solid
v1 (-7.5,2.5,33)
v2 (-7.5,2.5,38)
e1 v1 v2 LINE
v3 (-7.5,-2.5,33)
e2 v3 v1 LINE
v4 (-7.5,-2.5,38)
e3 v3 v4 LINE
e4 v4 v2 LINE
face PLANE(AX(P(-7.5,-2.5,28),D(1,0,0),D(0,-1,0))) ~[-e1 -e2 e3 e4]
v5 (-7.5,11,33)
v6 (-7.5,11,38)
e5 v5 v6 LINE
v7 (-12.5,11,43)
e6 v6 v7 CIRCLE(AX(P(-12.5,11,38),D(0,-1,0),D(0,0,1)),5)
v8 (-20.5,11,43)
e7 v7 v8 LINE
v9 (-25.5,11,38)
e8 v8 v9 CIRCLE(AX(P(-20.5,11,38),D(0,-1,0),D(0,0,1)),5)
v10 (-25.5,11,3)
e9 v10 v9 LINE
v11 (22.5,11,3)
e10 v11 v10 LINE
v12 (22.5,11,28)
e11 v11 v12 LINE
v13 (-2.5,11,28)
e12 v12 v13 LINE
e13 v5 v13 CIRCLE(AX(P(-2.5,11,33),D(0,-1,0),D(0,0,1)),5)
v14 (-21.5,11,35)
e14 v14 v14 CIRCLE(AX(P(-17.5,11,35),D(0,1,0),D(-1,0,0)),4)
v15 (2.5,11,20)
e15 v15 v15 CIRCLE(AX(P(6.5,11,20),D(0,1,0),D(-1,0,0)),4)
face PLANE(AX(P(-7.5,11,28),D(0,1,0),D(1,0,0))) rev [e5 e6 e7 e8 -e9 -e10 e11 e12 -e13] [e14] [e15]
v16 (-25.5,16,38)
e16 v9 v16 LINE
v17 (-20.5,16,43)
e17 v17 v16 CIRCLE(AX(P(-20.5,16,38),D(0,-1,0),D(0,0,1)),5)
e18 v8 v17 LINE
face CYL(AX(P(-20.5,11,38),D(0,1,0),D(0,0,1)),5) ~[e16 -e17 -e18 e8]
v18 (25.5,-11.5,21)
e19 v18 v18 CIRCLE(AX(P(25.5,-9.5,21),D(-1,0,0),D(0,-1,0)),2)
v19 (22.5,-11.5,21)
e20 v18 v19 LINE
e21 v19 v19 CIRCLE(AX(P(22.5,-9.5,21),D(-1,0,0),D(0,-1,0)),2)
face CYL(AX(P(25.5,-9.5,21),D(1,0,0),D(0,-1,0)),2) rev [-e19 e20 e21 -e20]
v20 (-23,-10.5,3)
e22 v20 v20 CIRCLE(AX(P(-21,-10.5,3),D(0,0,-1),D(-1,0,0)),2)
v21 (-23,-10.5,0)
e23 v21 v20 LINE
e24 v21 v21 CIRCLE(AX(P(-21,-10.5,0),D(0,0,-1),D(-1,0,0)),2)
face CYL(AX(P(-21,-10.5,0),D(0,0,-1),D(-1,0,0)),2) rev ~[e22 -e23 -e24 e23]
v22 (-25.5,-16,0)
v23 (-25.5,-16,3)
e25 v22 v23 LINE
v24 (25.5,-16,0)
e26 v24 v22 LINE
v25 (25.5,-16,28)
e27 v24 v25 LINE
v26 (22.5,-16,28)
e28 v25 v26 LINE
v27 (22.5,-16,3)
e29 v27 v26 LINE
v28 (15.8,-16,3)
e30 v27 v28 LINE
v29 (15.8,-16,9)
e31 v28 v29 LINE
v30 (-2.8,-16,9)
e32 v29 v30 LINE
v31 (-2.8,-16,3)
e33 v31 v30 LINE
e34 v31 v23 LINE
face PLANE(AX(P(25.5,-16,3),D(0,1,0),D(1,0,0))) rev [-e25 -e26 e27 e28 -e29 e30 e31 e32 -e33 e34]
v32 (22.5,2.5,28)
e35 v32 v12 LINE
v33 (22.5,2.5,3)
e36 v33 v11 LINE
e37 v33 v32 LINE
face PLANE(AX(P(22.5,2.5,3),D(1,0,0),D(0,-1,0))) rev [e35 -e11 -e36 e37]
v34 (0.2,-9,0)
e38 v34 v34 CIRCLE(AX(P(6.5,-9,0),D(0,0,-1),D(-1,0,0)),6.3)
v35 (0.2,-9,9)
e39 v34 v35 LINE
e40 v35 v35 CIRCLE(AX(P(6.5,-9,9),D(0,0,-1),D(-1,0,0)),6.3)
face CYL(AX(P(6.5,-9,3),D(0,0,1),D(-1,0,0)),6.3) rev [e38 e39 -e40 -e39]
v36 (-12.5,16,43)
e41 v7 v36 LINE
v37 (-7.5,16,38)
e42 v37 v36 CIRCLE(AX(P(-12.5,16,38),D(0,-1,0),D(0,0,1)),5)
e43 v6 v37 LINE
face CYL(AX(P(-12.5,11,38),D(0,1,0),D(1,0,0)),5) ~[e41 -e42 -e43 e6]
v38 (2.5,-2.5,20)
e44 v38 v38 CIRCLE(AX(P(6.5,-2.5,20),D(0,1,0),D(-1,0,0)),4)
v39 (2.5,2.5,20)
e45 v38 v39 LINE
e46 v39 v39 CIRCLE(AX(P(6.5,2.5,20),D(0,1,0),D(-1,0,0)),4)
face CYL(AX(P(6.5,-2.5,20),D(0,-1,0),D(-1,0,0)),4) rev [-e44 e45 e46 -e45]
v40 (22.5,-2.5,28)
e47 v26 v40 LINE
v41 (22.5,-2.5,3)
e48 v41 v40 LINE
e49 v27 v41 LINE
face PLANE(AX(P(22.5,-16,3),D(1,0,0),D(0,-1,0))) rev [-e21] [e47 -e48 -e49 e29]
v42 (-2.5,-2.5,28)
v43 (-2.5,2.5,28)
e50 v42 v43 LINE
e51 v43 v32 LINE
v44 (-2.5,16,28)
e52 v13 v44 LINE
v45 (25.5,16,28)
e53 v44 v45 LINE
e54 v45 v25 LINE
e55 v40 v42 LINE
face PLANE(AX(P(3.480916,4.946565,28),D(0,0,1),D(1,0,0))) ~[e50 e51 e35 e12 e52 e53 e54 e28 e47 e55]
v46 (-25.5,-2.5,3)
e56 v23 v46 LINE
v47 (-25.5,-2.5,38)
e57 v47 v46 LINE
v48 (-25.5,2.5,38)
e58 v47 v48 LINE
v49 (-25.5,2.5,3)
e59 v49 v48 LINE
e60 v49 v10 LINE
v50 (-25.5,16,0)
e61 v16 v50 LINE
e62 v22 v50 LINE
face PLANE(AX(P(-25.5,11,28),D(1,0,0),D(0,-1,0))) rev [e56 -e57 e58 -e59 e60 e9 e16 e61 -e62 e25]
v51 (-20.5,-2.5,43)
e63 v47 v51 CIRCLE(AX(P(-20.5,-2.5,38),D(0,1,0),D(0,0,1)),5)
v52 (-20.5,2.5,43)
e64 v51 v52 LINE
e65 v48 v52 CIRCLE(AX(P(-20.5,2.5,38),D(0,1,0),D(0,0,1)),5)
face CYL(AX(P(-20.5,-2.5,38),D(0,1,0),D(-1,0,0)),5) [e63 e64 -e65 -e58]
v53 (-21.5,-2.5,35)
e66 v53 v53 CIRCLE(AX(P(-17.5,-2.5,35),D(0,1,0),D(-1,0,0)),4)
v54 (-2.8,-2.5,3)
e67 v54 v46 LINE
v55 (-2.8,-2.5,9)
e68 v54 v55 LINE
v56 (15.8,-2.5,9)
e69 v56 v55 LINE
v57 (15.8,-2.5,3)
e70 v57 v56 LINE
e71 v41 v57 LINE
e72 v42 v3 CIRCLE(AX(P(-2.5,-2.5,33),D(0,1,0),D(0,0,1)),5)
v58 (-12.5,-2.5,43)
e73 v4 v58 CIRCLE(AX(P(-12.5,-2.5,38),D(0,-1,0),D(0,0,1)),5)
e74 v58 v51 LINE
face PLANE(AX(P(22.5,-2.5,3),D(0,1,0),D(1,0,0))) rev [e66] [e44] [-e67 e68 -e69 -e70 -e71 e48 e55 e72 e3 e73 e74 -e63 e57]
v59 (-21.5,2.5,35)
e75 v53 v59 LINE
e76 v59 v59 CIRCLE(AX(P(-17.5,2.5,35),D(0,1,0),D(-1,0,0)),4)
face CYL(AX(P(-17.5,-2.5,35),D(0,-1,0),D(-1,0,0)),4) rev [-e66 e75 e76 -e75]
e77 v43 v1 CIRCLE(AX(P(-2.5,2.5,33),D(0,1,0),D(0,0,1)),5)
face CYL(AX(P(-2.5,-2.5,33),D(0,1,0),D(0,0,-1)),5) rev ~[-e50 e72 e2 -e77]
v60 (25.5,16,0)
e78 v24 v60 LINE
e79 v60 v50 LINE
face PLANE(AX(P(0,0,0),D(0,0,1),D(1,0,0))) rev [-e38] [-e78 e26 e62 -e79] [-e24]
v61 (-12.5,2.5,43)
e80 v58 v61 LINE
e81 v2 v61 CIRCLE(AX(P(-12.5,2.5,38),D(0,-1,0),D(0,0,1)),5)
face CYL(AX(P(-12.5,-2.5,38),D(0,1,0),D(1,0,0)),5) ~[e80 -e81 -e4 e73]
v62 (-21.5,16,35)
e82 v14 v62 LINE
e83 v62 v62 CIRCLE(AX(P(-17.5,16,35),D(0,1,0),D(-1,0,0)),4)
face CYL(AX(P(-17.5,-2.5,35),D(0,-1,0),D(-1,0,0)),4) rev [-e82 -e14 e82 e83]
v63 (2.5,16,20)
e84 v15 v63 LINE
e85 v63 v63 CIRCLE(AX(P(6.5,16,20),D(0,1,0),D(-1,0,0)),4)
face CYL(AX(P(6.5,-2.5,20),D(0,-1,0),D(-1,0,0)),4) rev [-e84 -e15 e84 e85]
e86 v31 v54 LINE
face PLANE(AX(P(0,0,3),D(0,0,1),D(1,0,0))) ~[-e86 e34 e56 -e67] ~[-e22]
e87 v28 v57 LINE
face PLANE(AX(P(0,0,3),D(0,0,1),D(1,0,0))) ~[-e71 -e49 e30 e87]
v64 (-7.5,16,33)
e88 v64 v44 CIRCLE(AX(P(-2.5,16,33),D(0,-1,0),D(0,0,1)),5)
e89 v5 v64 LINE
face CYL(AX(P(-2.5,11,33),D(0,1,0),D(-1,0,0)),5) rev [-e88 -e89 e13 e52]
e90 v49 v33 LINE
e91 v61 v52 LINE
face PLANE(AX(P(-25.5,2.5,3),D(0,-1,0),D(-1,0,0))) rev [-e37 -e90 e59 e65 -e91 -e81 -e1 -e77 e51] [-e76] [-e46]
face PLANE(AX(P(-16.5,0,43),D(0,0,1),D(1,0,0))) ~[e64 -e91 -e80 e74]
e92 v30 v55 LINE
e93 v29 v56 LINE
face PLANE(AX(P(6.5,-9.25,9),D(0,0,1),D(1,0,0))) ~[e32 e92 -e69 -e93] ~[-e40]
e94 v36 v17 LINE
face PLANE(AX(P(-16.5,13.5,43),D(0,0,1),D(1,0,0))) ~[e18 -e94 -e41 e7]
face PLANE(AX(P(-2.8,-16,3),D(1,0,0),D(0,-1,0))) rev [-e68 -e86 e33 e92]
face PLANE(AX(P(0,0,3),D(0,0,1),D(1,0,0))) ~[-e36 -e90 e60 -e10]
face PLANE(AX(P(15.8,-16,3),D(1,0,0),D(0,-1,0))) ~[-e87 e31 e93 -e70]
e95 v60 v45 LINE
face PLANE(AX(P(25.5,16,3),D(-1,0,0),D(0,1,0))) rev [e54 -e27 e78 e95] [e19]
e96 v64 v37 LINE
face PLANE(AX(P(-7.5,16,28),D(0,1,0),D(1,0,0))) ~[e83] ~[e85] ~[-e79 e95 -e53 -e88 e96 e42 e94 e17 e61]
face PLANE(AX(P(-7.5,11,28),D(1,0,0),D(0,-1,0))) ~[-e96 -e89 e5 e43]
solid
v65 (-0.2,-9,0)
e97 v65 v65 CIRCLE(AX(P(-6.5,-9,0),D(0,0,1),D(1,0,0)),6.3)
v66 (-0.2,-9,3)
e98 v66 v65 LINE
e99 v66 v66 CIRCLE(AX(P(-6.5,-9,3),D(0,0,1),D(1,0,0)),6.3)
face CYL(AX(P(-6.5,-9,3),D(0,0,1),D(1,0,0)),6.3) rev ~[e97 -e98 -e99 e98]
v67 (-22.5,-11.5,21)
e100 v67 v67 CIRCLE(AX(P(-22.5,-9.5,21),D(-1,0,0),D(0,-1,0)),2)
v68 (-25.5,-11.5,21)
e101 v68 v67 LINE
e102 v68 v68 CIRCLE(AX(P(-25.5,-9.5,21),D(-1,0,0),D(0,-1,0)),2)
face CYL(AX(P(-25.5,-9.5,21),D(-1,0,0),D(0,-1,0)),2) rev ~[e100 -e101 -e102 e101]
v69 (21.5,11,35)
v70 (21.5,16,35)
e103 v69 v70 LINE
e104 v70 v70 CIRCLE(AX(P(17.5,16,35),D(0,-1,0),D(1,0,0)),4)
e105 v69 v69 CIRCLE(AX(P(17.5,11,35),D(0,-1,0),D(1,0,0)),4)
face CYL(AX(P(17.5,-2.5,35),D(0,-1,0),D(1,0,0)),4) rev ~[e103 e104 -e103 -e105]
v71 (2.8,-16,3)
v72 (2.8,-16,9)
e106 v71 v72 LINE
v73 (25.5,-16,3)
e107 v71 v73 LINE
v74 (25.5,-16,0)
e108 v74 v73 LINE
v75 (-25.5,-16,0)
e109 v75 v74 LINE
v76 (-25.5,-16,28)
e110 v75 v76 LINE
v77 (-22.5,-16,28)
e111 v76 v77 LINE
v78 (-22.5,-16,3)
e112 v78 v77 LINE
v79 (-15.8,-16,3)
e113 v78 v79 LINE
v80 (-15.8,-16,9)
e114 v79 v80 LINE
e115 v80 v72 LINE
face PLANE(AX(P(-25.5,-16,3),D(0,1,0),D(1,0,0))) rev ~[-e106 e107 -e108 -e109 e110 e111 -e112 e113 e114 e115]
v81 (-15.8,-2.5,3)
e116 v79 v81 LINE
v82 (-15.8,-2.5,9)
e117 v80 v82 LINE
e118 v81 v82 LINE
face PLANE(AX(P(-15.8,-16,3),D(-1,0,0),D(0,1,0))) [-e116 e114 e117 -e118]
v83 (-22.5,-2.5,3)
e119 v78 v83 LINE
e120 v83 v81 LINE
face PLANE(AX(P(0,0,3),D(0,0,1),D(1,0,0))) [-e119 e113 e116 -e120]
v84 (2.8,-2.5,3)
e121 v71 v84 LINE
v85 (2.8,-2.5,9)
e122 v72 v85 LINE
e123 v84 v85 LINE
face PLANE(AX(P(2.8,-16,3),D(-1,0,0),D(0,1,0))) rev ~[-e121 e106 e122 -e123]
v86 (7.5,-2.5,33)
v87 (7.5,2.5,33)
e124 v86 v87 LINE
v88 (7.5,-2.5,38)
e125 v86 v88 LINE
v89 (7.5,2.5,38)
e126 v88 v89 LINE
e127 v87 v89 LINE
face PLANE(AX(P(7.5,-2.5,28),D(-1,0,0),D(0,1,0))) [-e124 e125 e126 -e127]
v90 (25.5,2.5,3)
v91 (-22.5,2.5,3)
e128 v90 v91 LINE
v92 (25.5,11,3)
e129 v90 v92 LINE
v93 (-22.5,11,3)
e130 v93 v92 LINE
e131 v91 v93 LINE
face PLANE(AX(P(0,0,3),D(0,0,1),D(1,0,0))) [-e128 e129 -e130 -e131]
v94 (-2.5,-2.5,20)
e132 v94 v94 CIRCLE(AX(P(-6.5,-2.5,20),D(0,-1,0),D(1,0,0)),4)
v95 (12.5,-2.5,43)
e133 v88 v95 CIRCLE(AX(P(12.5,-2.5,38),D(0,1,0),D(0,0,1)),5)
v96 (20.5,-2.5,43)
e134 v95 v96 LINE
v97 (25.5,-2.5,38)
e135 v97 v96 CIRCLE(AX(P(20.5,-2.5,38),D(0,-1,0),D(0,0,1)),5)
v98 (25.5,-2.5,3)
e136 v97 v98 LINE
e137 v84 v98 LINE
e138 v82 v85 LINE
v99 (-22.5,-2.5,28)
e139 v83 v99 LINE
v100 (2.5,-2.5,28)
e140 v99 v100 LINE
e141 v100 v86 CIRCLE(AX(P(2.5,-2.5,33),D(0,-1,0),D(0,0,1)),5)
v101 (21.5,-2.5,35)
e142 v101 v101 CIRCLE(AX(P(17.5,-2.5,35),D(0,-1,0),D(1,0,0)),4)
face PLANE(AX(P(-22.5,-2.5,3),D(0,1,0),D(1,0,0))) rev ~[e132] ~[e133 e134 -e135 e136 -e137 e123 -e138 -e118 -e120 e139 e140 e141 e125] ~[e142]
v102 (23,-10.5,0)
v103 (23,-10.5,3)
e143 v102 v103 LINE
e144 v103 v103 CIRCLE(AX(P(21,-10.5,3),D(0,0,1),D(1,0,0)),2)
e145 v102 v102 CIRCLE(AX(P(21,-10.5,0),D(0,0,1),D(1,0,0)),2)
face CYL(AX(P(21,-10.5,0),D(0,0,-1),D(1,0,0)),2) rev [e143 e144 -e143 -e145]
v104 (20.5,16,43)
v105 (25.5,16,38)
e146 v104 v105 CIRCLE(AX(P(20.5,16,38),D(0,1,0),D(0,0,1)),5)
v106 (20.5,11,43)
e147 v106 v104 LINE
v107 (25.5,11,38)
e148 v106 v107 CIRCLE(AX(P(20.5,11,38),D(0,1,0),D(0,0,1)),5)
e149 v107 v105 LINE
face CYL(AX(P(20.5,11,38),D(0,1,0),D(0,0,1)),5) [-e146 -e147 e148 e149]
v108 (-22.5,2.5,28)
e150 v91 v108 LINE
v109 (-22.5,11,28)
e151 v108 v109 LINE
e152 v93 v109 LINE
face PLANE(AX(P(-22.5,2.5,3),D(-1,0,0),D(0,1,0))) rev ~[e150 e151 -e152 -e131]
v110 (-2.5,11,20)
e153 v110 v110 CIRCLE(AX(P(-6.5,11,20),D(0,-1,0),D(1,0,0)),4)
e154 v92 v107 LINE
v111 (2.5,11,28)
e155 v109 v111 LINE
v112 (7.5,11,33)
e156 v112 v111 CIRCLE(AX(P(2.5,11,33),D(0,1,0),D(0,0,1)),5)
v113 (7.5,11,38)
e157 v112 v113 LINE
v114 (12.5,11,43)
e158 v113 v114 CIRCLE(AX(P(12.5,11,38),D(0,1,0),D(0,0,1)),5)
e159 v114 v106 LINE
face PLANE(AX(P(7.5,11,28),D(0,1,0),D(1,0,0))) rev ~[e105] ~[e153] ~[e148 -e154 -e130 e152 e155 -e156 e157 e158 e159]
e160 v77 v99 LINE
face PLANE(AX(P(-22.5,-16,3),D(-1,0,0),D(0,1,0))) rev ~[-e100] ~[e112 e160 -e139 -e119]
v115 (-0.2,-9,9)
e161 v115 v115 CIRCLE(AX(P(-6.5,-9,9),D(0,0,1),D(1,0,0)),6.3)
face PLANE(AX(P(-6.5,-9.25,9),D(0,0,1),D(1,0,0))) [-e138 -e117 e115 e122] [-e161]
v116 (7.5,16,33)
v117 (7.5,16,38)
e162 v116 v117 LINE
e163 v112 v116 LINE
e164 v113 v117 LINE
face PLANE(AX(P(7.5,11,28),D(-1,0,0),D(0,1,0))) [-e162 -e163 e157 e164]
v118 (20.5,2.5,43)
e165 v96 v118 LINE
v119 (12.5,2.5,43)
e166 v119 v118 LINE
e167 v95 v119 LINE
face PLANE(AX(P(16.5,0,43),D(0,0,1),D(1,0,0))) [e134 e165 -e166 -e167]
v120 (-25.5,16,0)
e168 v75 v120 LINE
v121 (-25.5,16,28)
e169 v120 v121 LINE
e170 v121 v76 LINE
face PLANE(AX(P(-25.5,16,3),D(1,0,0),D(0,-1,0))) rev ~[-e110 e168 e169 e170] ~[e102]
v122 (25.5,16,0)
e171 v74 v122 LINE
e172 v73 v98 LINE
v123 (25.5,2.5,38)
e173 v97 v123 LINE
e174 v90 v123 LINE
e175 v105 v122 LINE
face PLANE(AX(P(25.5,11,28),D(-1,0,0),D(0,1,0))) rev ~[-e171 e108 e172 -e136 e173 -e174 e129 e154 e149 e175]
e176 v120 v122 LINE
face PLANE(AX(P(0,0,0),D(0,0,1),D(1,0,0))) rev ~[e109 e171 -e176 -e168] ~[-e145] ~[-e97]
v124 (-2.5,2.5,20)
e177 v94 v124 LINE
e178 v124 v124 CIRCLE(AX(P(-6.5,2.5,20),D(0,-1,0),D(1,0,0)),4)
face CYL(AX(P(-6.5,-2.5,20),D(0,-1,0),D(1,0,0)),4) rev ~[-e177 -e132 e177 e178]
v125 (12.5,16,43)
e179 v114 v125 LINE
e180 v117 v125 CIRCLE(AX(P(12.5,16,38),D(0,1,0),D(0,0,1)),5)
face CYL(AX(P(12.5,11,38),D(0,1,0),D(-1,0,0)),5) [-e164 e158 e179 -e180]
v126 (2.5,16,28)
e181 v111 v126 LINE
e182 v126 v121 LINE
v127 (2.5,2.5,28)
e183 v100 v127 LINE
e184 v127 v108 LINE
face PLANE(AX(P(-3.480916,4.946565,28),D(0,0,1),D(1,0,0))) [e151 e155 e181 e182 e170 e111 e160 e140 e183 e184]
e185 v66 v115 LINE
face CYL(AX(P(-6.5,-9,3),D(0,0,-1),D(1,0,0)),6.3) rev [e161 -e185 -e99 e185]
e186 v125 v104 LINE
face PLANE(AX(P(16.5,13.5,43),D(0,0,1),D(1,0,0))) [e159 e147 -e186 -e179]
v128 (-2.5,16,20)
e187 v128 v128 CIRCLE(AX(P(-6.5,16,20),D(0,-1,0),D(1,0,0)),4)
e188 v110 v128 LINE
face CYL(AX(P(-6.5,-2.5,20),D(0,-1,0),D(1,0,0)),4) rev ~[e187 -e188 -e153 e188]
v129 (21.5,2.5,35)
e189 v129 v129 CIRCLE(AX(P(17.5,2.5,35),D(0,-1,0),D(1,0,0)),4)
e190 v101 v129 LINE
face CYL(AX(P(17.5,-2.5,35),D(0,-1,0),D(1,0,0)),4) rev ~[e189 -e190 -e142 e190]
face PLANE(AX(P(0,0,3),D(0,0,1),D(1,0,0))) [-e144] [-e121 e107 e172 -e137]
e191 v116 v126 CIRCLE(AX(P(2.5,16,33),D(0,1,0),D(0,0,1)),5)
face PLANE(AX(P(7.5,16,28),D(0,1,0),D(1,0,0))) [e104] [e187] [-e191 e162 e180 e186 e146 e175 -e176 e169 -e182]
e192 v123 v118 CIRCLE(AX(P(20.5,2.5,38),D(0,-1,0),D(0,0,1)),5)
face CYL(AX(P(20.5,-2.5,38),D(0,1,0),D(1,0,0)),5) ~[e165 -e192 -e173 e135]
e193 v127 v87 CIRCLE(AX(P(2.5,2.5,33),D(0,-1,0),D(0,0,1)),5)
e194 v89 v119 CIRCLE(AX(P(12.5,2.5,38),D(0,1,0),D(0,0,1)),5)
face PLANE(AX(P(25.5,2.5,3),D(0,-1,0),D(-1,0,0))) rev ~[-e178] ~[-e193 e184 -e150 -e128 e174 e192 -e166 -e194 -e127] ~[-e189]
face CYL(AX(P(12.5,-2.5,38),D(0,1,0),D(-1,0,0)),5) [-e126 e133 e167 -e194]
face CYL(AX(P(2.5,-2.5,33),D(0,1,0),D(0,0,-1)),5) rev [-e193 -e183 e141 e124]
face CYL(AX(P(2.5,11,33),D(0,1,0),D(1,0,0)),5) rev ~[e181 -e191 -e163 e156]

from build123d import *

# Parameters (mm, degrees)
F0_W      = 51
F0_H      = 32
F0_R      = 2
F1_DEPTH  = 3
F3_DEPTH  = 25
F2_W      = 18.6
F2_H      = 13.5
F2_R      = 6.3
F4_DEPTH  = 6
F5_DEPTH  = 3
F6_W      = 18
F6_H      = 5
F7_DEPTH  = 15
F8_R      = 4
F9_DEPTH  = 18.501
F10_DEPTH = 18.501
F11_R     = 5
F12_R     = 2
F13_DEPTH = 3


with BuildPart() as f1:
    # F0 (on Top) → F1 (new body)
    with BuildSketch(Plane.XY):
        Rectangle(F0_W, F0_H)
        with Locations((21, -10.5)):
            Circle(F0_R, mode=Mode.SUBTRACT)
    extrude(amount=F1_DEPTH)

    # F2 (on face) → F3 (join)
    with BuildSketch(Plane.XY.offset(3)):
        Polygon((-22.5, 2.5), (-22.5, 11), (25.5, 11), (25.5, 16), (-25.5, 16), (-25.5, -16), (-22.5, -16), (-22.5, -2.5), (-15.8, -2.5), (2.8, -2.5), (25.5, -2.5), (25.5, 2.5), align=None)
    extrude(amount=F3_DEPTH)

    # F2 (on face) → F4 (join)
    with BuildSketch(Plane.XY.offset(3)):
        with Locations((-6.5, -9.25)):
            Rectangle(F2_W, F2_H)
        with Locations((-6.5, -9)):
            Circle(F2_R, mode=Mode.SUBTRACT)
    extrude(amount=F4_DEPTH)

    # F5 (cut, through all): a face of the model
    f5_faces = [f1.faces().sort_by_distance(p)[0] for p in [
        (-6.5, -9, 3),
    ]]
    extrude(f5_faces, amount=-F5_DEPTH, mode=Mode.SUBTRACT)

    # F6 (on face) → F7 (join)
    with BuildSketch(Plane.XY.offset(28)):
        with Locations((16.5, 13.5)):
            Rectangle(F6_W, F6_H)
        with Locations((16.5, 0)):
            Rectangle(F6_W, F6_H)
    extrude(amount=F7_DEPTH)

    # F8 (on face) → F9 (cut, through all)
    with BuildSketch(Plane.XZ.offset(2.5)):
        with Locations((-6.5, 20)):
            Circle(F8_R)
    extrude(amount=-F9_DEPTH, mode=Mode.SUBTRACT)

    # F8 (on face) → F10 (cut, through all)
    with BuildSketch(Plane.XZ.offset(2.5)):
        with Locations((17.5, 35)):
            Circle(F8_R)
    extrude(amount=-F10_DEPTH, mode=Mode.SUBTRACT)

    # F11
    f11_edges = [f1.edges().sort_by_distance(p)[0] for p in [
        (25.5, 0, 43),
        (25.5, 13.5, 43),
        (7.5, 13.5, 43),
        (7.5, 0, 43),
        (7.5, 13.5, 28),
        (7.5, 0, 28),
    ]]
    fillet(f11_edges, radius=F11_R)

    # F12 (on face) → F13 (cut, through all)
    with BuildSketch(Plane(origin=(-25.5, 0, 0), x_dir=(0, -1, 0), z_dir=(-1, 0, 0))):
        with Locations((9.5, 21)):
            Circle(F12_R)
    extrude(amount=-F13_DEPTH, mode=Mode.SUBTRACT)


with BuildPart() as f14_1:
    # F14: instance of F1
    add(f1.part.mirror(Plane.YZ))


solid = Compound([f1.part, f14_1.part])
